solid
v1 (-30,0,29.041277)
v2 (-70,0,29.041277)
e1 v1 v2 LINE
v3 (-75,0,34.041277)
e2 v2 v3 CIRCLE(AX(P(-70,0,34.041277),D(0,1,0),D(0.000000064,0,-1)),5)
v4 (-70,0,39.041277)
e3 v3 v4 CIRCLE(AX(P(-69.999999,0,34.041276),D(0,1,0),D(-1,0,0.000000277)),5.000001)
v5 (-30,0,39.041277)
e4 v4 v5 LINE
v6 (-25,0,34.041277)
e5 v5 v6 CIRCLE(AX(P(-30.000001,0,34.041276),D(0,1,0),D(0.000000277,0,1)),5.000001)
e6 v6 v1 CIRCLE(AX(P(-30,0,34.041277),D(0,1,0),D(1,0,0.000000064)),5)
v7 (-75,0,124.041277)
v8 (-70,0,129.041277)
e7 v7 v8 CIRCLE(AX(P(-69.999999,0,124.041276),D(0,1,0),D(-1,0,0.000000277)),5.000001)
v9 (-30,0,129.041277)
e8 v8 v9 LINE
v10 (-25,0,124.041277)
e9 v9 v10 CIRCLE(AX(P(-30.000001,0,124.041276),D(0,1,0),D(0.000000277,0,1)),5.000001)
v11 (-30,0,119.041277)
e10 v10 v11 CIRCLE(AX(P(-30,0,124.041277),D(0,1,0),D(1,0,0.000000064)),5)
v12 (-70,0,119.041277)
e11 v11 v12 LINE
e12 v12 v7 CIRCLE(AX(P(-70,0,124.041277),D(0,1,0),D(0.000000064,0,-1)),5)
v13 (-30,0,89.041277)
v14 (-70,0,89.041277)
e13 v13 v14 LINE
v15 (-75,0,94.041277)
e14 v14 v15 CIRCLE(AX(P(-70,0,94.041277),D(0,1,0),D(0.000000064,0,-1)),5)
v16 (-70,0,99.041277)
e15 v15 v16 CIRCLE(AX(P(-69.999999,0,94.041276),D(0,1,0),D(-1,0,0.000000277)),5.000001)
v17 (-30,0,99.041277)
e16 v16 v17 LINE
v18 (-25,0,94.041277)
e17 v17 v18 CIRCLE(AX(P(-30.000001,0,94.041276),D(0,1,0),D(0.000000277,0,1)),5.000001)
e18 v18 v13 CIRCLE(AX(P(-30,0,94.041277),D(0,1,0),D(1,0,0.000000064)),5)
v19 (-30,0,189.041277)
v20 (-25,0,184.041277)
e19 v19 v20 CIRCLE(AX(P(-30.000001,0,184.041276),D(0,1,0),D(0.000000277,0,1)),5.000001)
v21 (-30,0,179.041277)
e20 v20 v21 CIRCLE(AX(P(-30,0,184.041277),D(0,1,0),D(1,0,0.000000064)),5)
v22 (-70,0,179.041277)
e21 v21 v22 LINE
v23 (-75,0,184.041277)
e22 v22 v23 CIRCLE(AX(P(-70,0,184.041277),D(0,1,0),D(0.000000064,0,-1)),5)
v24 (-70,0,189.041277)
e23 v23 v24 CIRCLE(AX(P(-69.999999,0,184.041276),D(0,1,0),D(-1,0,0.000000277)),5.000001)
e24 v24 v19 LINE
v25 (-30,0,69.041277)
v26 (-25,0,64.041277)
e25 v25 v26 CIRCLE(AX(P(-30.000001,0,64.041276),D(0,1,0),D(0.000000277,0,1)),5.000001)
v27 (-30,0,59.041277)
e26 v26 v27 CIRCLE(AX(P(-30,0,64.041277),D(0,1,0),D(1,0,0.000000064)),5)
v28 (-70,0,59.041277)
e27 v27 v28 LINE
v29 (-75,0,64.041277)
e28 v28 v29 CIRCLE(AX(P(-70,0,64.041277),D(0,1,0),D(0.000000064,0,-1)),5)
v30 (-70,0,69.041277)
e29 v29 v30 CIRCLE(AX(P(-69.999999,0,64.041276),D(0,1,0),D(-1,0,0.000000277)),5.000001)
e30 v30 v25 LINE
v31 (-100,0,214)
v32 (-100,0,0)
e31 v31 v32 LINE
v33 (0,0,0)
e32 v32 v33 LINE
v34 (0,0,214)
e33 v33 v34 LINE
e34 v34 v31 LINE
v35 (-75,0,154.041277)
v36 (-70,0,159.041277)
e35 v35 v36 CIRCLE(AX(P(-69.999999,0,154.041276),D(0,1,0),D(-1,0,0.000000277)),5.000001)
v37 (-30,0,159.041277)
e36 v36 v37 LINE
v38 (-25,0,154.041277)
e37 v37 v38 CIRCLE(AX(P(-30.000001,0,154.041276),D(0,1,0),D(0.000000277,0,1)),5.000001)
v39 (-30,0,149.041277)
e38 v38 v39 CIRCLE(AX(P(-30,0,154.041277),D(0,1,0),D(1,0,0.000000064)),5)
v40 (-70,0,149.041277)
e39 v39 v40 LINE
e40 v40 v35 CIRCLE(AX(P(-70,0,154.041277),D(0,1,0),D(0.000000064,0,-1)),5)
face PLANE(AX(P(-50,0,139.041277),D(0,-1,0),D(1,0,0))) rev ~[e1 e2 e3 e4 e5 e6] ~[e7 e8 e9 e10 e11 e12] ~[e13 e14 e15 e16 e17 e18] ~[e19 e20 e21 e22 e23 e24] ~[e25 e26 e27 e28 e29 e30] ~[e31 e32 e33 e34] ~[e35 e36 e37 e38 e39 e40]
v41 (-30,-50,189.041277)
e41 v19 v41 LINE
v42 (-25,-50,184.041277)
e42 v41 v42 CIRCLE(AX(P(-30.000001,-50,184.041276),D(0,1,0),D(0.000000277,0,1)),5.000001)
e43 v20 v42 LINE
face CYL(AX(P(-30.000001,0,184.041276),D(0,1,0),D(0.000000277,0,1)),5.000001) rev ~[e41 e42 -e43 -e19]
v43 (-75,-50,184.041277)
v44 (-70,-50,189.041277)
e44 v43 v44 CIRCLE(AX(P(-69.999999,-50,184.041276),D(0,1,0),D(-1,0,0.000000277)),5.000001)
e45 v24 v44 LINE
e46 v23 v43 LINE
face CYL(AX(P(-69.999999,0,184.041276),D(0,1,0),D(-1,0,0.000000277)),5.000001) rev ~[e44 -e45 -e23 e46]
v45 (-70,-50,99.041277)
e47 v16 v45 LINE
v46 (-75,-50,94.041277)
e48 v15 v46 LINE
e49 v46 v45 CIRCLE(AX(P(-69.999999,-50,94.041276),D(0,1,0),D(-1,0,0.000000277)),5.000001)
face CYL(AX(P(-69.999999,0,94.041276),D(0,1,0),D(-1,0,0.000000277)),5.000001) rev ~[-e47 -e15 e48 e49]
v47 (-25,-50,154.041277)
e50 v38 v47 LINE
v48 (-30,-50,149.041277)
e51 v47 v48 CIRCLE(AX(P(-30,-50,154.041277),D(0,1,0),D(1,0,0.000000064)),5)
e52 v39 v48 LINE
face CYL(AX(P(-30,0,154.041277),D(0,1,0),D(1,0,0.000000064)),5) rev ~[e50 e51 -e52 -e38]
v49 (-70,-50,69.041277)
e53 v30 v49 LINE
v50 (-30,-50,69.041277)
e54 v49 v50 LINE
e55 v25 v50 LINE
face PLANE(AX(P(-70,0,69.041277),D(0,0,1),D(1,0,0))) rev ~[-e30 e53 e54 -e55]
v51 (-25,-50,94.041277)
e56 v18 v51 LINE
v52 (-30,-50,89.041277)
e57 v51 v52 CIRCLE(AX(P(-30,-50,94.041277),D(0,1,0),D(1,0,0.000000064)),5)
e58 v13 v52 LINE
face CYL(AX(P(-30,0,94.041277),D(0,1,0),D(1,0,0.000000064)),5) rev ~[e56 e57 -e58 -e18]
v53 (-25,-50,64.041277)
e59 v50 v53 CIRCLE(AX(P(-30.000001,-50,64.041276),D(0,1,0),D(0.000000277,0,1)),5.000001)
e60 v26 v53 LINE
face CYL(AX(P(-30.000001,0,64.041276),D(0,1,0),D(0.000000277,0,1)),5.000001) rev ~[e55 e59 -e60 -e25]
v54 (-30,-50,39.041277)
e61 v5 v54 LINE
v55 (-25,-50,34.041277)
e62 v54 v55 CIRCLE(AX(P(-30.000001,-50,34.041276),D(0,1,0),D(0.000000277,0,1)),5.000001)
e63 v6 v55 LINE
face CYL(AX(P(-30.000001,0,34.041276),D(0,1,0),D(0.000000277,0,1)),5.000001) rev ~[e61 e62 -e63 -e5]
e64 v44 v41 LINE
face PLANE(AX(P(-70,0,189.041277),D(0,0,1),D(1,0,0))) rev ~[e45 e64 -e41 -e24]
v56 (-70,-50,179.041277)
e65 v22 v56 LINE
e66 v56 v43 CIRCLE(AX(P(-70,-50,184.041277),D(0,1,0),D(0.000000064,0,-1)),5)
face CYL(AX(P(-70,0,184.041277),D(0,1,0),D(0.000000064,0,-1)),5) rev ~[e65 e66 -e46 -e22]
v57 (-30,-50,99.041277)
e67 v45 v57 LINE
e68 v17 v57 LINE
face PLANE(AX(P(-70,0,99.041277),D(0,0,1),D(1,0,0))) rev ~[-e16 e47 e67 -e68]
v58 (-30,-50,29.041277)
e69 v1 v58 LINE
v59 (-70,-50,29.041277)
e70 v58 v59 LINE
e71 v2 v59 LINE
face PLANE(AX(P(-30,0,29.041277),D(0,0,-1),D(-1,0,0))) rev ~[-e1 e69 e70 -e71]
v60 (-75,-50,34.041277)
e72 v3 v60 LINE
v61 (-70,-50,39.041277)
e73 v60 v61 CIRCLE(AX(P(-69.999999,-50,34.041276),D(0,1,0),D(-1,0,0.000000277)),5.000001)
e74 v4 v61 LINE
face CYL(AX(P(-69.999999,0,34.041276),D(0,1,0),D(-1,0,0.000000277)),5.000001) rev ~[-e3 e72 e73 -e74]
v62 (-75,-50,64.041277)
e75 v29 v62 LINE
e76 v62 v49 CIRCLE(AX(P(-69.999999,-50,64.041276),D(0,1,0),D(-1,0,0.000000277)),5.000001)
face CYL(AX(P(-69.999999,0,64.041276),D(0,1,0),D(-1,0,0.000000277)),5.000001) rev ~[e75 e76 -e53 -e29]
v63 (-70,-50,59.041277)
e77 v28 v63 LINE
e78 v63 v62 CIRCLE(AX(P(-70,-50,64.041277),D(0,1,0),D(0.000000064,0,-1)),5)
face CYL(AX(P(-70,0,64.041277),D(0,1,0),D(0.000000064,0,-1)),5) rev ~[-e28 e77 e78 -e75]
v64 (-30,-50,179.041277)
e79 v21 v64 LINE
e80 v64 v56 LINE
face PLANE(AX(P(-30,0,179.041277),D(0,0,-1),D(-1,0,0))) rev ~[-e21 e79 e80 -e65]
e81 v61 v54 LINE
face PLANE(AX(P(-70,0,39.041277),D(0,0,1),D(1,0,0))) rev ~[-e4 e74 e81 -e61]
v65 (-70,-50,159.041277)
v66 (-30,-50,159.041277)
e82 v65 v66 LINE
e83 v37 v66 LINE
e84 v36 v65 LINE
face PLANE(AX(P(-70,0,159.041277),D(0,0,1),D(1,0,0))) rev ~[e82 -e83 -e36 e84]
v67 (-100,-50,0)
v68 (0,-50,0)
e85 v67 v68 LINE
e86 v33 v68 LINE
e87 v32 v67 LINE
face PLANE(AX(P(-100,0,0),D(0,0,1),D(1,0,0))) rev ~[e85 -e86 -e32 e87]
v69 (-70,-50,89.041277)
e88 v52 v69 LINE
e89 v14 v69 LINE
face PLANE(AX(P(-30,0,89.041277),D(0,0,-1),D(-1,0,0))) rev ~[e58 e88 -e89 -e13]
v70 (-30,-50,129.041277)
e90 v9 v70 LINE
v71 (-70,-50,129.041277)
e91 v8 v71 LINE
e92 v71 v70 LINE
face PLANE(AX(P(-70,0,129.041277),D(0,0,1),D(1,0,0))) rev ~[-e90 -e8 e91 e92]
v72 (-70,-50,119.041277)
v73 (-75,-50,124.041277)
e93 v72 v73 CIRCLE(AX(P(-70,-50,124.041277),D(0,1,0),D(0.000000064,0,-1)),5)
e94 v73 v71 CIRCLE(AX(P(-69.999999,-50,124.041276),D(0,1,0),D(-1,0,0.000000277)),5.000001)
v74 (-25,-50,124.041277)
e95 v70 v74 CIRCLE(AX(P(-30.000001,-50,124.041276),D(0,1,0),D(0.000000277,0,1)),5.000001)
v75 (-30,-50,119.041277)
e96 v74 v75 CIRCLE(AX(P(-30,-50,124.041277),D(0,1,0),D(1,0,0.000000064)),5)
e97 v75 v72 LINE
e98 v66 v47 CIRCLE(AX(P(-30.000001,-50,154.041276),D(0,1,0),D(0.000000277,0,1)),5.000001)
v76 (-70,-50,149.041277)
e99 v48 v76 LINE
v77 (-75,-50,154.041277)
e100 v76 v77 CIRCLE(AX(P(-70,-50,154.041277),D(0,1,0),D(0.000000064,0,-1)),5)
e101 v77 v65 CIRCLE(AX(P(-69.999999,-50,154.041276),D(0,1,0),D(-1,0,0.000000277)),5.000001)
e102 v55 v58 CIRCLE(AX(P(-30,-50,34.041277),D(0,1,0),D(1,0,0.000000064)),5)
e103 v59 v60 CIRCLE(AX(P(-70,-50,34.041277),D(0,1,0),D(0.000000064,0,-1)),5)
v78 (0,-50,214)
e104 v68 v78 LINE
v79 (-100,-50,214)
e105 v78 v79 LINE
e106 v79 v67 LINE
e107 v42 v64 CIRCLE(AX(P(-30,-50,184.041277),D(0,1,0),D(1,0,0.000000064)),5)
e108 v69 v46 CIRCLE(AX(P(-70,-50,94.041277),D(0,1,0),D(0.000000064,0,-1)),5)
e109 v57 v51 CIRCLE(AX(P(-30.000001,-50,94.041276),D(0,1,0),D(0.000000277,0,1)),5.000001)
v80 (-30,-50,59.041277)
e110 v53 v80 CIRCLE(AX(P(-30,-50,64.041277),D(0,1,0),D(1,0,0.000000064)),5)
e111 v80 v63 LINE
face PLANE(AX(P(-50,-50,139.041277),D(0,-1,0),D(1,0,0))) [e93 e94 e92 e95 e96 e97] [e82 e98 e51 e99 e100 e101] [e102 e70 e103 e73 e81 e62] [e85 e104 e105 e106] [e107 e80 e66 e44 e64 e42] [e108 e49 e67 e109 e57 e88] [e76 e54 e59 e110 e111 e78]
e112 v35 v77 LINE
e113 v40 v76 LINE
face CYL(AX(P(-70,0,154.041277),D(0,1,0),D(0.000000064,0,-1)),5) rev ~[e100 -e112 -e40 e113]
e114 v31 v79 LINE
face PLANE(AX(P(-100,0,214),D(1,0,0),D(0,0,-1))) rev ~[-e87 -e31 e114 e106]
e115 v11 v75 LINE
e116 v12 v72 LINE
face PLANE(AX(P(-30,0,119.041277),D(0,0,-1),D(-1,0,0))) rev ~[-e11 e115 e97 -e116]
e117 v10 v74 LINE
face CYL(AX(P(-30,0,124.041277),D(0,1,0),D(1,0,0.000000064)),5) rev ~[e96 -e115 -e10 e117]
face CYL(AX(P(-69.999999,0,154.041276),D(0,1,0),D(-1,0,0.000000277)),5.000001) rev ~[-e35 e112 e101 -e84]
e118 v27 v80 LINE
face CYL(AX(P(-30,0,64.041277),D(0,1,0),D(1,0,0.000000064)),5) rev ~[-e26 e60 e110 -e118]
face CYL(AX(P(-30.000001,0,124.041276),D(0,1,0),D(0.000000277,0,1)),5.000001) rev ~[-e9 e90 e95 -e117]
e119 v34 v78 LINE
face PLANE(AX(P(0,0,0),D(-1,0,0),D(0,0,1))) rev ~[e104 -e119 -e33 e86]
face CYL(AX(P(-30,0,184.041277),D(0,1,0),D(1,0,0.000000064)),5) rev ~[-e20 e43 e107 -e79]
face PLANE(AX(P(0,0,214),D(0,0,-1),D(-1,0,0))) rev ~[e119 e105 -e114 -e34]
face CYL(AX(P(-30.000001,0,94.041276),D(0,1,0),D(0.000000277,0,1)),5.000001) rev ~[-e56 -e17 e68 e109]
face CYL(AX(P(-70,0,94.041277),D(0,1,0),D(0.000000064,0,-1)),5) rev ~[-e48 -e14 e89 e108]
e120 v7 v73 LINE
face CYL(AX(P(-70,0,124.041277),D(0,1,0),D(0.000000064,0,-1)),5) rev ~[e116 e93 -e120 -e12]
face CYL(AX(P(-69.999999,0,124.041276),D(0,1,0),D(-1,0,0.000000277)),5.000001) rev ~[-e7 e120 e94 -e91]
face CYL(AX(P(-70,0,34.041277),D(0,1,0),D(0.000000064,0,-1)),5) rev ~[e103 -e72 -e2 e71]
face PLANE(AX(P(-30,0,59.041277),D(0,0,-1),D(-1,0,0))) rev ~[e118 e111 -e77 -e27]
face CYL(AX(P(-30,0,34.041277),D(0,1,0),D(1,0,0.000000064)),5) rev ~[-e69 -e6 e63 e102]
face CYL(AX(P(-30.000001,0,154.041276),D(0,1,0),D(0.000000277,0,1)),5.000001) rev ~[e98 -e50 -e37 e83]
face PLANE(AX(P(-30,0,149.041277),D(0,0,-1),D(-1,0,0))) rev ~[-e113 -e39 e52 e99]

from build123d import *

# Parameters (mm, degrees)
F1_DEPTH = 50


with BuildPart() as f1:
    # F0 (on Front) → F1 (new body)
    with BuildSketch(Plane.XZ):
        with BuildLine():
            Line((-25, 124.041277), (0, 124.041277))
            Line((0, 124.041277), (0, 154.041277))
            Line((0, 154.041277), (-25, 154.041277))
            ThreePointArc((-25, 154.041277), (-26.464466, 150.505743), (-30, 149.041277))
            Line((-30, 149.041277), (-70, 149.041277))
            ThreePointArc((-70, 149.041277), (-73.535534, 150.505743), (-75, 154.041277))
            Line((-75, 154.041277), (-100, 154.041277))
            Line((-100, 154.041277), (-100, 124.041277))
            Line((-100, 124.041277), (-75, 124.041277))
            ThreePointArc((-75, 124.041277), (-73.535534, 127.57681), (-70, 129.041277))
            Line((-70, 129.041277), (-30, 129.041277))
            ThreePointArc((-30, 129.041277), (-26.464466, 127.57681), (-25, 124.041277))
        make_face()
        with BuildLine():
            Line((-25, 154.041277), (0, 154.041277))
            Line((0, 154.041277), (0, 184.041277))
            Line((0, 184.041277), (-25, 184.041277))
            ThreePointArc((-25, 184.041277), (-26.464466, 180.505743), (-30, 179.041277))
            Line((-30, 179.041277), (-70, 179.041277))
            ThreePointArc((-70, 179.041277), (-73.535534, 180.505743), (-75, 184.041277))
            Line((-75, 184.041277), (-100, 184.041277))
            Line((-100, 184.041277), (-100, 154.041277))
            Line((-100, 154.041277), (-75, 154.041277))
            ThreePointArc((-75, 154.041277), (-73.535534, 157.57681), (-70, 159.041277))
            Line((-70, 159.041277), (-30, 159.041277))
            ThreePointArc((-30, 159.041277), (-26.464466, 157.57681), (-25, 154.041277))
        make_face()
        with BuildLine():
            Line((-25, 184.041277), (0, 184.041277))
            Line((0, 184.041277), (0, 214))
            Line((0, 214), (-100, 214))
            Line((-100, 214), (-100, 184.041277))
            Line((-100, 184.041277), (-75, 184.041277))
            ThreePointArc((-75, 184.041277), (-73.535534, 187.57681), (-70, 189.041277))
            Line((-70, 189.041277), (-30, 189.041277))
            ThreePointArc((-30, 189.041277), (-26.464466, 187.57681), (-25, 184.041277))
        make_face()
        with BuildLine():
            Line((-25, 94.041277), (0, 94.041277))
            Line((0, 94.041277), (0, 124.041277))
            Line((0, 124.041277), (-25, 124.041277))
            ThreePointArc((-25, 124.041277), (-26.464466, 120.505743), (-30, 119.041277))
            Line((-30, 119.041277), (-70, 119.041277))
            ThreePointArc((-70, 119.041277), (-73.535534, 120.505743), (-75, 124.041277))
            Line((-75, 124.041277), (-100, 124.041277))
            Line((-100, 124.041277), (-100, 94.041277))
            Line((-100, 94.041277), (-75, 94.041277))
            ThreePointArc((-75, 94.041277), (-73.535534, 97.57681), (-70, 99.041277))
            Line((-70, 99.041277), (-30, 99.041277))
            ThreePointArc((-30, 99.041277), (-26.464466, 97.57681), (-25, 94.041277))
        make_face()
        with BuildLine():
            Line((-25, 64.041277), (0, 64.041277))
            Line((0, 64.041277), (0, 94.041277))
            Line((0, 94.041277), (-25, 94.041277))
            ThreePointArc((-25, 94.041277), (-26.464466, 90.505743), (-30, 89.041277))
            Line((-30, 89.041277), (-70, 89.041277))
            ThreePointArc((-70, 89.041277), (-73.535534, 90.505743), (-75, 94.041277))
            Line((-75, 94.041277), (-100, 94.041277))
            Line((-100, 94.041277), (-100, 64.041277))
            Line((-100, 64.041277), (-75, 64.041277))
            ThreePointArc((-75, 64.041277), (-73.535534, 67.57681), (-70, 69.041277))
            Line((-70, 69.041277), (-30, 69.041277))
            ThreePointArc((-30, 69.041277), (-26.464466, 67.57681), (-25, 64.041277))
        make_face()
        with BuildLine():
            Line((-25, 34.041277), (0, 34.041277))
            Line((0, 34.041277), (0, 64.041277))
            Line((0, 64.041277), (-25, 64.041277))
            ThreePointArc((-25, 64.041277), (-26.464466, 60.505743), (-30, 59.041277))
            Line((-30, 59.041277), (-70, 59.041277))
            ThreePointArc((-70, 59.041277), (-73.535534, 60.505743), (-75, 64.041277))
            Line((-75, 64.041277), (-100, 64.041277))
            Line((-100, 64.041277), (-100, 34.041277))
            Line((-100, 34.041277), (-75, 34.041277))
            ThreePointArc((-75, 34.041277), (-73.535534, 37.57681), (-70, 39.041277))
            Line((-70, 39.041277), (-30, 39.041277))
            ThreePointArc((-30, 39.041277), (-26.464466, 37.57681), (-25, 34.041277))
        make_face()
        with BuildLine():
            Line((-100, 0), (0, 0))
            Line((0, 0), (0, 34.041277))
            Line((0, 34.041277), (-25, 34.041277))
            ThreePointArc((-25, 34.041277), (-26.464466, 30.505743), (-30, 29.041277))
            Line((-30, 29.041277), (-70, 29.041277))
            ThreePointArc((-70, 29.041277), (-73.535534, 30.505743), (-75, 34.041277))
            Line((-75, 34.041277), (-100, 34.041277))
            Line((-100, 34.041277), (-100, 0))
        make_face()
    extrude(amount=F1_DEPTH)


solid = f1.part
